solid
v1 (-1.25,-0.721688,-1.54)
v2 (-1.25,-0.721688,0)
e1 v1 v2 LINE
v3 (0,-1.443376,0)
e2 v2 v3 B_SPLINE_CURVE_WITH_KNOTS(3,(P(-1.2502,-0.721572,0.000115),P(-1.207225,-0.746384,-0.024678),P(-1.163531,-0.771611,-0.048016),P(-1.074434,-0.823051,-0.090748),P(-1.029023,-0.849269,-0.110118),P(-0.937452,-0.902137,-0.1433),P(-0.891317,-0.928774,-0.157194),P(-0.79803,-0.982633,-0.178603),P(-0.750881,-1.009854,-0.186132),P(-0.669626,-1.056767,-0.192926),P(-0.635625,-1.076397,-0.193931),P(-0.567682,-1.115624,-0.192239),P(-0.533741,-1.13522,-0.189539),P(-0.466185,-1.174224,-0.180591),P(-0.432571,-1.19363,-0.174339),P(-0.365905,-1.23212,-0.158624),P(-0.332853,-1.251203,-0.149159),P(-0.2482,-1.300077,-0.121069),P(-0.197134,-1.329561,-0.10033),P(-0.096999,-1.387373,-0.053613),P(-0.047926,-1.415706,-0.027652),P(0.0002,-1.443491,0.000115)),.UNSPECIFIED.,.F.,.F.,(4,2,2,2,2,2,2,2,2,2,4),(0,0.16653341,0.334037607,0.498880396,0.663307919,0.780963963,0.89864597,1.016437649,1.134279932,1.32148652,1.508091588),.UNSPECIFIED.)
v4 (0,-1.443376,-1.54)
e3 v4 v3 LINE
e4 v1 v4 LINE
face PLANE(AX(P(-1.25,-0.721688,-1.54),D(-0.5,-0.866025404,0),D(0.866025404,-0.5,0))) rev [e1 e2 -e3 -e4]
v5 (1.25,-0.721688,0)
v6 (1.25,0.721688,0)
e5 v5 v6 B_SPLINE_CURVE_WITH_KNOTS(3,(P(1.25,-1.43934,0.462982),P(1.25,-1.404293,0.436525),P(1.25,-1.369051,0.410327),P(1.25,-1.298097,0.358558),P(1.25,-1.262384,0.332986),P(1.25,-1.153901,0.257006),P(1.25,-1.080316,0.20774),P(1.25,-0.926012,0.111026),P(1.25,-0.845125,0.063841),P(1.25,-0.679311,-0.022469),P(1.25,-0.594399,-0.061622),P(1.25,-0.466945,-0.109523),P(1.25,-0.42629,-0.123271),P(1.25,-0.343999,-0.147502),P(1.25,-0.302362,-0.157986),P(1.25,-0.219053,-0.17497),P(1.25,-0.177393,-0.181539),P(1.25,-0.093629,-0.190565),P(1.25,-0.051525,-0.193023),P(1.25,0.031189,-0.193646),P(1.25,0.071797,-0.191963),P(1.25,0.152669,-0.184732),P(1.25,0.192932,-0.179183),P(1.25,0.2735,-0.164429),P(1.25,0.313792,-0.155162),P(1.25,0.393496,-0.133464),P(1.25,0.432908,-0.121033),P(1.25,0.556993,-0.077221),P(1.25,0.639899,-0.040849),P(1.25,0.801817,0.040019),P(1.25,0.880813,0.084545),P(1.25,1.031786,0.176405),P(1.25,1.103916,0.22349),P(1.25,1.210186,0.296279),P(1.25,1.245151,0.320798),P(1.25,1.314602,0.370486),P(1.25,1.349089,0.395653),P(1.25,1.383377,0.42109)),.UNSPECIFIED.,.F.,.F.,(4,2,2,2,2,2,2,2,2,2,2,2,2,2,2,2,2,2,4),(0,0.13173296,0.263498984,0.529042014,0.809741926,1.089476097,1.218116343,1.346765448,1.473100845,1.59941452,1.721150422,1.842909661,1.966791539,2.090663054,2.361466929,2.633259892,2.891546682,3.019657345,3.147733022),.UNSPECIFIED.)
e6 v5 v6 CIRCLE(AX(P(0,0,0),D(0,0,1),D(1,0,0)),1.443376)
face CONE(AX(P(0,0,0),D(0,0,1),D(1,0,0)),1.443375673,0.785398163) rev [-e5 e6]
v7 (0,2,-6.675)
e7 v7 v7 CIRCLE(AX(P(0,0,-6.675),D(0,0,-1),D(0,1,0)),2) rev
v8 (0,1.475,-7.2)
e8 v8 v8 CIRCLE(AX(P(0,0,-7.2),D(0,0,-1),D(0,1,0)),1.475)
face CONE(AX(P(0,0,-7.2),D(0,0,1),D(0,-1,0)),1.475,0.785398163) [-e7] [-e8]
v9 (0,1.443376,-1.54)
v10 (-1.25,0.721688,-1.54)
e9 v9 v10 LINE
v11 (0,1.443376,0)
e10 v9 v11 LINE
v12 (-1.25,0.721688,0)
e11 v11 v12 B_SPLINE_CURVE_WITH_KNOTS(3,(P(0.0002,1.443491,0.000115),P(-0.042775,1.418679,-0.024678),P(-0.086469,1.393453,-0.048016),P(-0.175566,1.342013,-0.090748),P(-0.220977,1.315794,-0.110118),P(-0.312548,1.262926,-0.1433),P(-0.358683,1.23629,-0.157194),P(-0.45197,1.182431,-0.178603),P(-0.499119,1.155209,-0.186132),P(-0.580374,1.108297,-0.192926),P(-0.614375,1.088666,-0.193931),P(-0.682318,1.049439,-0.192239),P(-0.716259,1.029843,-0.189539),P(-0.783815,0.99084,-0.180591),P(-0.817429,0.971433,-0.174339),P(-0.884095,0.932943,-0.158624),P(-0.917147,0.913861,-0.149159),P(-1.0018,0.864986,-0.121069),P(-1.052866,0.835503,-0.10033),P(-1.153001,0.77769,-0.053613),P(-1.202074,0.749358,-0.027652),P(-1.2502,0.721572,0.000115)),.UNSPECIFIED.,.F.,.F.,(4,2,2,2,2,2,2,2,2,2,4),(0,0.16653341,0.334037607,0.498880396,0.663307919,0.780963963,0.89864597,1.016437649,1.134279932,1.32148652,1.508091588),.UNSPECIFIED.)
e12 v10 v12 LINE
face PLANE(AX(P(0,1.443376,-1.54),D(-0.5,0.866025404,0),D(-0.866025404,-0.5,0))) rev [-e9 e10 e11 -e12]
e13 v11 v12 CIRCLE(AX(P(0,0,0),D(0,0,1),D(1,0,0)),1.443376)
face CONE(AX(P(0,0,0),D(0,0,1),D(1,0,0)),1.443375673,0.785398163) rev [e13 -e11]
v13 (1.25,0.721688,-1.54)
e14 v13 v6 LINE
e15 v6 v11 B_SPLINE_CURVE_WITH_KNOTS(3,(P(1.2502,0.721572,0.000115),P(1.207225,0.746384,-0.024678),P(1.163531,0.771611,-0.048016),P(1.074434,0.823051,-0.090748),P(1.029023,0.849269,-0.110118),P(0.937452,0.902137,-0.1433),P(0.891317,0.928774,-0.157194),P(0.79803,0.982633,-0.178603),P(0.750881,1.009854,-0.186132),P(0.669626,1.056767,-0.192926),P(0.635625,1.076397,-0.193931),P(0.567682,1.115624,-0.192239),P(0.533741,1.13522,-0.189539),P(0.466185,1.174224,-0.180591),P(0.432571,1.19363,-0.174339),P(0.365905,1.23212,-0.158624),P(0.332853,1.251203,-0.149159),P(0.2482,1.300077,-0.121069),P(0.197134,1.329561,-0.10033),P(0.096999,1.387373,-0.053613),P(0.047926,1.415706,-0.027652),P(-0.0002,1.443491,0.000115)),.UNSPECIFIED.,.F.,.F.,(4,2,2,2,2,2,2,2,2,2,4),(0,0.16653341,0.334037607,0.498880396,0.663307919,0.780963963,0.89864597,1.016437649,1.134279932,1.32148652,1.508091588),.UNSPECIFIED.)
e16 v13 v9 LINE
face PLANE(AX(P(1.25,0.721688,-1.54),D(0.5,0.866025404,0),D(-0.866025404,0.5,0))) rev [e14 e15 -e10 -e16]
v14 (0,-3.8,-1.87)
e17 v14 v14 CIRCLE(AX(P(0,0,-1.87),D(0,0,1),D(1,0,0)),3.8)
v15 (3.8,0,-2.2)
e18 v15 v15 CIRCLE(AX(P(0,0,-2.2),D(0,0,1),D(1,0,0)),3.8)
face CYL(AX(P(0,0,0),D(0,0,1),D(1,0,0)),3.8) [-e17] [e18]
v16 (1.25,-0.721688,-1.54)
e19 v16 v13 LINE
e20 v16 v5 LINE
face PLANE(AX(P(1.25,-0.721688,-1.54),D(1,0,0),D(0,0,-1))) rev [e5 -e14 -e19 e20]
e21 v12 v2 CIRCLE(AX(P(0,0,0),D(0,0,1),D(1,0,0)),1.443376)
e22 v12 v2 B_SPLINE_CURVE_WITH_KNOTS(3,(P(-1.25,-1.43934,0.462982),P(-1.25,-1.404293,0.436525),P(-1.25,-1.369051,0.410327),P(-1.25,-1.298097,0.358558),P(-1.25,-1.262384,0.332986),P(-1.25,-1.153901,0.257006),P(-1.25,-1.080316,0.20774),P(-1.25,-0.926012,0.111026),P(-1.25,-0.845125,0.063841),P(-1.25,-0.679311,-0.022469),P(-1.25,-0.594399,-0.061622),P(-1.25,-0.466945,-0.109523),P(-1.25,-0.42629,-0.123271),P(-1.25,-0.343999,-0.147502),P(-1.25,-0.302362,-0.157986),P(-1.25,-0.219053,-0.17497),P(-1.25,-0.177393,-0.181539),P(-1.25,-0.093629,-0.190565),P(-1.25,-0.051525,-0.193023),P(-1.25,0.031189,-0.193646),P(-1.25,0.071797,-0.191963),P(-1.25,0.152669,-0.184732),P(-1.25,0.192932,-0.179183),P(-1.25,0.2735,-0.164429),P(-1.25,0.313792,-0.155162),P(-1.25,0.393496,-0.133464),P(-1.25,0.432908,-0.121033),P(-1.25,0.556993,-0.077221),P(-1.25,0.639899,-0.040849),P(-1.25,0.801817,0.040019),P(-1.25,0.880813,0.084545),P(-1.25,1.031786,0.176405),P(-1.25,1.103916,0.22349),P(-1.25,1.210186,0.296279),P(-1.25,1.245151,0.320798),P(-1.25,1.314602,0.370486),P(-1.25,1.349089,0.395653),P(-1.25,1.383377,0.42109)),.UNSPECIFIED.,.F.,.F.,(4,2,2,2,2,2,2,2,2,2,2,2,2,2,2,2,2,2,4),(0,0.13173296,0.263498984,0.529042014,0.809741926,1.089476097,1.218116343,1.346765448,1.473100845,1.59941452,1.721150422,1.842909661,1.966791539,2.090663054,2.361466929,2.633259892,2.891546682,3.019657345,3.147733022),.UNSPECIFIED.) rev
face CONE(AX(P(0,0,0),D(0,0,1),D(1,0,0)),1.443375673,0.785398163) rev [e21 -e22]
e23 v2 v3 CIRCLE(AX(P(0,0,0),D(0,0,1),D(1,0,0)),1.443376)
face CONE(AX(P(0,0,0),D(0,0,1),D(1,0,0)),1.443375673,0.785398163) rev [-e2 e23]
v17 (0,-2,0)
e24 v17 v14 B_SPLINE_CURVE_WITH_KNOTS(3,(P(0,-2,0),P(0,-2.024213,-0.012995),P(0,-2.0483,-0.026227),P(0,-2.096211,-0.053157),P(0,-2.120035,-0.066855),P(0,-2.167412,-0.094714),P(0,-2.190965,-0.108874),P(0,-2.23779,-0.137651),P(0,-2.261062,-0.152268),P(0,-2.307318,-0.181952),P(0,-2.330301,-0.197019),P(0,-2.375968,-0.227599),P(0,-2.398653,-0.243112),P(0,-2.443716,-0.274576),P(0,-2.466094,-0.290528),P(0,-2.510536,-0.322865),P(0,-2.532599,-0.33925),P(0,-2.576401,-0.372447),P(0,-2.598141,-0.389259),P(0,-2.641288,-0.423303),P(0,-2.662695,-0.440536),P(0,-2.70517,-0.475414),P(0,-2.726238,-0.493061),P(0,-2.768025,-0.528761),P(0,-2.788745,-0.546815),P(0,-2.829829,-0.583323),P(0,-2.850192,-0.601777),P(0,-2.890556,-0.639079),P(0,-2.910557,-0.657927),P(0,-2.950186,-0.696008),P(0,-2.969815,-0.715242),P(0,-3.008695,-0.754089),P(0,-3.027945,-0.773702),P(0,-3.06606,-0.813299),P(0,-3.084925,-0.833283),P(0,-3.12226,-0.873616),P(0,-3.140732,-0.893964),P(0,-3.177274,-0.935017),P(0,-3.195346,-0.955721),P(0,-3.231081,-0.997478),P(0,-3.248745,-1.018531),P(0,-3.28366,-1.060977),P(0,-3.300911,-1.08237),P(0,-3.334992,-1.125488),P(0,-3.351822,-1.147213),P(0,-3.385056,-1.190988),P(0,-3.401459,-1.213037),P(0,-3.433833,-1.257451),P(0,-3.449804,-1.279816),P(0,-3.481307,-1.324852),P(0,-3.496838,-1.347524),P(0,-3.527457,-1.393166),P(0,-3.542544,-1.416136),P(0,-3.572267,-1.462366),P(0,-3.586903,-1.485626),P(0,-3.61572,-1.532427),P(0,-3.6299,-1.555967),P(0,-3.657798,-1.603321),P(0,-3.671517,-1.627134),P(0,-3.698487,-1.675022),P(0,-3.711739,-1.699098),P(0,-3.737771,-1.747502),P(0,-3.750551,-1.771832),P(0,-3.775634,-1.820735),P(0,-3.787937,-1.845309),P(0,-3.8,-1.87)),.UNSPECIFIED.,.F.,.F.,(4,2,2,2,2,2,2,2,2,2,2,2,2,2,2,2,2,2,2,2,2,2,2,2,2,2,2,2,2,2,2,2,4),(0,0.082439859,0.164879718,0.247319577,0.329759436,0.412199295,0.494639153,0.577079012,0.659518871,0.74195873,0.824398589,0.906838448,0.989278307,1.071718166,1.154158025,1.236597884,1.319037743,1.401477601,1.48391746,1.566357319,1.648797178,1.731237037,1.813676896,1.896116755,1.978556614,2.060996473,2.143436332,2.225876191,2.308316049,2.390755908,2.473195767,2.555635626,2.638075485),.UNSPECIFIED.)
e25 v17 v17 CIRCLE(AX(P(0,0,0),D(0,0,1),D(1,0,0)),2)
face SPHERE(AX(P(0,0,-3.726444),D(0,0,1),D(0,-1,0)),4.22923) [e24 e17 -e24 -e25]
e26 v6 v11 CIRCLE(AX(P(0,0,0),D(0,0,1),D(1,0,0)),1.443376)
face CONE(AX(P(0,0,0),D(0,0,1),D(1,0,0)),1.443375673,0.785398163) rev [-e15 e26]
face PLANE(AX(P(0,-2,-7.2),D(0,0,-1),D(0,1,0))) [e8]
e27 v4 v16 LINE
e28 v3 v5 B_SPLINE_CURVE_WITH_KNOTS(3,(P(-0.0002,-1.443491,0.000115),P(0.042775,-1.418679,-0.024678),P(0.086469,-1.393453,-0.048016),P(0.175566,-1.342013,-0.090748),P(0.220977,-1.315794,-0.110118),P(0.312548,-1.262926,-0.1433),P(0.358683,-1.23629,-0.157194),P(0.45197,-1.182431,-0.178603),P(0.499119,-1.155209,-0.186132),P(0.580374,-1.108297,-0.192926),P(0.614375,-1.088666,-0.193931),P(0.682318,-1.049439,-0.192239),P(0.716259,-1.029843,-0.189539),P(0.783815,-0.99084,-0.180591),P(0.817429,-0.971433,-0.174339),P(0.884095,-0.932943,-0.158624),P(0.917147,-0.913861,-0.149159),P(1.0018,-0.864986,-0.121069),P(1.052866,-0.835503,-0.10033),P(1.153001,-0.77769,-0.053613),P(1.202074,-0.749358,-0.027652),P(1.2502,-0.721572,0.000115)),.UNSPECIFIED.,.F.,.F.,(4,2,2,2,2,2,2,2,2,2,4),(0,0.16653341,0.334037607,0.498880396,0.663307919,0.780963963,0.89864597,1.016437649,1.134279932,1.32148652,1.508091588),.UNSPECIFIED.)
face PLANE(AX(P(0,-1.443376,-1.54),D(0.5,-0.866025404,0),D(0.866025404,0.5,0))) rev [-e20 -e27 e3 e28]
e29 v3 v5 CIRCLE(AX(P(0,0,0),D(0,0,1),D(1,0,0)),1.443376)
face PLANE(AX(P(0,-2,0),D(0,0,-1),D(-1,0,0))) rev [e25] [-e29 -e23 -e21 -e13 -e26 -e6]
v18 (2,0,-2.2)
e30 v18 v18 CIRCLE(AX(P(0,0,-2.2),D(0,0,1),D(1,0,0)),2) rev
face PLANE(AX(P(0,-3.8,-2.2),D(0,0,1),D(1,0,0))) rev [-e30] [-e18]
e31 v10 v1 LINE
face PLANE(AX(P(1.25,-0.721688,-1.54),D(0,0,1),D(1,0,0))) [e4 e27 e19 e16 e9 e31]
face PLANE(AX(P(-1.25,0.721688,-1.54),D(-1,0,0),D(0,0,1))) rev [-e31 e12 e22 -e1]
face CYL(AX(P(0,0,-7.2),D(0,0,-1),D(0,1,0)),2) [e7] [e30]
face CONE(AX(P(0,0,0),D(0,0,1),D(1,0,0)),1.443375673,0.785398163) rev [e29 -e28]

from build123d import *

# Parameters (mm, degrees)
SKETCH1_W          = 5
SKETCH1_H          = 2
CHAMFER1_SIZE      = 0.525
CUT_EXTRUDE2_DEPTH = 1.54


with BuildPart() as part:
    # Sketch1 → Revolve1 (revolve)
    with BuildSketch(Plane(origin=(0, 0, 0), x_dir=(0, 0, -1), z_dir=(1, 0, 0))):
        with Locations((4.7, 1)):
            Rectangle(SKETCH1_W, SKETCH1_H)
    revolve(axis=Axis((0, 0, -7.2), (0, 0, 1)))

    # Chamfer1
    chamfer1_edges = [part.edges().sort_by_distance(p)[0] for p in [
        (0, -2, -7.2),
    ]]
    chamfer(chamfer1_edges, length=CHAMFER1_SIZE)

    # Sketch7 → Revolve2 (revolve)
    with BuildSketch(Plane(origin=(0, 0, 0), x_dir=(0, 0, -1), z_dir=(1, 0, 0))):
        with BuildLine():
            Line((1.87, 3.8), (2.2, 3.8))
            Line((2.2, 3.8), (2.2, 0))
            Line((2.2, 0), (0, 0))
            Line((0, 0), (0, 2))
            ThreePointArc((0, 2), (0.793500147, 3.047002626), (1.87, 3.8))
        make_face()
    revolve(axis=Axis((0, 0, 0), (0, 0, -1)))

    # Sketch5 → Cut-Extrude2 (cut)
    with BuildSketch(Plane.XY):
        Polygon((1.25, -0.721687836), (1.25, 0.721687836), (0, 1.443375673), (-1.25, 0.721687836), (-1.25, -0.721687836), (0, -1.443375673), align=None)
    extrude(amount=-CUT_EXTRUDE2_DEPTH, mode=Mode.SUBTRACT)

    # Cut-Extrude3 cone 1 section (through the dimple's axis) → Cut-Extrude3 (revolve, cut)
    with BuildSketch(Plane(origin=(0, 0, 0), x_dir=(0, -1, 0), z_dir=(1, 0, 0))):
        Polygon((0, 0), (1.443375673, 0), (0, 1.443375673), align=None)
    revolve(axis=Axis((0, 0, 0), (0, 0, -1)), mode=Mode.SUBTRACT)


solid = part.part
